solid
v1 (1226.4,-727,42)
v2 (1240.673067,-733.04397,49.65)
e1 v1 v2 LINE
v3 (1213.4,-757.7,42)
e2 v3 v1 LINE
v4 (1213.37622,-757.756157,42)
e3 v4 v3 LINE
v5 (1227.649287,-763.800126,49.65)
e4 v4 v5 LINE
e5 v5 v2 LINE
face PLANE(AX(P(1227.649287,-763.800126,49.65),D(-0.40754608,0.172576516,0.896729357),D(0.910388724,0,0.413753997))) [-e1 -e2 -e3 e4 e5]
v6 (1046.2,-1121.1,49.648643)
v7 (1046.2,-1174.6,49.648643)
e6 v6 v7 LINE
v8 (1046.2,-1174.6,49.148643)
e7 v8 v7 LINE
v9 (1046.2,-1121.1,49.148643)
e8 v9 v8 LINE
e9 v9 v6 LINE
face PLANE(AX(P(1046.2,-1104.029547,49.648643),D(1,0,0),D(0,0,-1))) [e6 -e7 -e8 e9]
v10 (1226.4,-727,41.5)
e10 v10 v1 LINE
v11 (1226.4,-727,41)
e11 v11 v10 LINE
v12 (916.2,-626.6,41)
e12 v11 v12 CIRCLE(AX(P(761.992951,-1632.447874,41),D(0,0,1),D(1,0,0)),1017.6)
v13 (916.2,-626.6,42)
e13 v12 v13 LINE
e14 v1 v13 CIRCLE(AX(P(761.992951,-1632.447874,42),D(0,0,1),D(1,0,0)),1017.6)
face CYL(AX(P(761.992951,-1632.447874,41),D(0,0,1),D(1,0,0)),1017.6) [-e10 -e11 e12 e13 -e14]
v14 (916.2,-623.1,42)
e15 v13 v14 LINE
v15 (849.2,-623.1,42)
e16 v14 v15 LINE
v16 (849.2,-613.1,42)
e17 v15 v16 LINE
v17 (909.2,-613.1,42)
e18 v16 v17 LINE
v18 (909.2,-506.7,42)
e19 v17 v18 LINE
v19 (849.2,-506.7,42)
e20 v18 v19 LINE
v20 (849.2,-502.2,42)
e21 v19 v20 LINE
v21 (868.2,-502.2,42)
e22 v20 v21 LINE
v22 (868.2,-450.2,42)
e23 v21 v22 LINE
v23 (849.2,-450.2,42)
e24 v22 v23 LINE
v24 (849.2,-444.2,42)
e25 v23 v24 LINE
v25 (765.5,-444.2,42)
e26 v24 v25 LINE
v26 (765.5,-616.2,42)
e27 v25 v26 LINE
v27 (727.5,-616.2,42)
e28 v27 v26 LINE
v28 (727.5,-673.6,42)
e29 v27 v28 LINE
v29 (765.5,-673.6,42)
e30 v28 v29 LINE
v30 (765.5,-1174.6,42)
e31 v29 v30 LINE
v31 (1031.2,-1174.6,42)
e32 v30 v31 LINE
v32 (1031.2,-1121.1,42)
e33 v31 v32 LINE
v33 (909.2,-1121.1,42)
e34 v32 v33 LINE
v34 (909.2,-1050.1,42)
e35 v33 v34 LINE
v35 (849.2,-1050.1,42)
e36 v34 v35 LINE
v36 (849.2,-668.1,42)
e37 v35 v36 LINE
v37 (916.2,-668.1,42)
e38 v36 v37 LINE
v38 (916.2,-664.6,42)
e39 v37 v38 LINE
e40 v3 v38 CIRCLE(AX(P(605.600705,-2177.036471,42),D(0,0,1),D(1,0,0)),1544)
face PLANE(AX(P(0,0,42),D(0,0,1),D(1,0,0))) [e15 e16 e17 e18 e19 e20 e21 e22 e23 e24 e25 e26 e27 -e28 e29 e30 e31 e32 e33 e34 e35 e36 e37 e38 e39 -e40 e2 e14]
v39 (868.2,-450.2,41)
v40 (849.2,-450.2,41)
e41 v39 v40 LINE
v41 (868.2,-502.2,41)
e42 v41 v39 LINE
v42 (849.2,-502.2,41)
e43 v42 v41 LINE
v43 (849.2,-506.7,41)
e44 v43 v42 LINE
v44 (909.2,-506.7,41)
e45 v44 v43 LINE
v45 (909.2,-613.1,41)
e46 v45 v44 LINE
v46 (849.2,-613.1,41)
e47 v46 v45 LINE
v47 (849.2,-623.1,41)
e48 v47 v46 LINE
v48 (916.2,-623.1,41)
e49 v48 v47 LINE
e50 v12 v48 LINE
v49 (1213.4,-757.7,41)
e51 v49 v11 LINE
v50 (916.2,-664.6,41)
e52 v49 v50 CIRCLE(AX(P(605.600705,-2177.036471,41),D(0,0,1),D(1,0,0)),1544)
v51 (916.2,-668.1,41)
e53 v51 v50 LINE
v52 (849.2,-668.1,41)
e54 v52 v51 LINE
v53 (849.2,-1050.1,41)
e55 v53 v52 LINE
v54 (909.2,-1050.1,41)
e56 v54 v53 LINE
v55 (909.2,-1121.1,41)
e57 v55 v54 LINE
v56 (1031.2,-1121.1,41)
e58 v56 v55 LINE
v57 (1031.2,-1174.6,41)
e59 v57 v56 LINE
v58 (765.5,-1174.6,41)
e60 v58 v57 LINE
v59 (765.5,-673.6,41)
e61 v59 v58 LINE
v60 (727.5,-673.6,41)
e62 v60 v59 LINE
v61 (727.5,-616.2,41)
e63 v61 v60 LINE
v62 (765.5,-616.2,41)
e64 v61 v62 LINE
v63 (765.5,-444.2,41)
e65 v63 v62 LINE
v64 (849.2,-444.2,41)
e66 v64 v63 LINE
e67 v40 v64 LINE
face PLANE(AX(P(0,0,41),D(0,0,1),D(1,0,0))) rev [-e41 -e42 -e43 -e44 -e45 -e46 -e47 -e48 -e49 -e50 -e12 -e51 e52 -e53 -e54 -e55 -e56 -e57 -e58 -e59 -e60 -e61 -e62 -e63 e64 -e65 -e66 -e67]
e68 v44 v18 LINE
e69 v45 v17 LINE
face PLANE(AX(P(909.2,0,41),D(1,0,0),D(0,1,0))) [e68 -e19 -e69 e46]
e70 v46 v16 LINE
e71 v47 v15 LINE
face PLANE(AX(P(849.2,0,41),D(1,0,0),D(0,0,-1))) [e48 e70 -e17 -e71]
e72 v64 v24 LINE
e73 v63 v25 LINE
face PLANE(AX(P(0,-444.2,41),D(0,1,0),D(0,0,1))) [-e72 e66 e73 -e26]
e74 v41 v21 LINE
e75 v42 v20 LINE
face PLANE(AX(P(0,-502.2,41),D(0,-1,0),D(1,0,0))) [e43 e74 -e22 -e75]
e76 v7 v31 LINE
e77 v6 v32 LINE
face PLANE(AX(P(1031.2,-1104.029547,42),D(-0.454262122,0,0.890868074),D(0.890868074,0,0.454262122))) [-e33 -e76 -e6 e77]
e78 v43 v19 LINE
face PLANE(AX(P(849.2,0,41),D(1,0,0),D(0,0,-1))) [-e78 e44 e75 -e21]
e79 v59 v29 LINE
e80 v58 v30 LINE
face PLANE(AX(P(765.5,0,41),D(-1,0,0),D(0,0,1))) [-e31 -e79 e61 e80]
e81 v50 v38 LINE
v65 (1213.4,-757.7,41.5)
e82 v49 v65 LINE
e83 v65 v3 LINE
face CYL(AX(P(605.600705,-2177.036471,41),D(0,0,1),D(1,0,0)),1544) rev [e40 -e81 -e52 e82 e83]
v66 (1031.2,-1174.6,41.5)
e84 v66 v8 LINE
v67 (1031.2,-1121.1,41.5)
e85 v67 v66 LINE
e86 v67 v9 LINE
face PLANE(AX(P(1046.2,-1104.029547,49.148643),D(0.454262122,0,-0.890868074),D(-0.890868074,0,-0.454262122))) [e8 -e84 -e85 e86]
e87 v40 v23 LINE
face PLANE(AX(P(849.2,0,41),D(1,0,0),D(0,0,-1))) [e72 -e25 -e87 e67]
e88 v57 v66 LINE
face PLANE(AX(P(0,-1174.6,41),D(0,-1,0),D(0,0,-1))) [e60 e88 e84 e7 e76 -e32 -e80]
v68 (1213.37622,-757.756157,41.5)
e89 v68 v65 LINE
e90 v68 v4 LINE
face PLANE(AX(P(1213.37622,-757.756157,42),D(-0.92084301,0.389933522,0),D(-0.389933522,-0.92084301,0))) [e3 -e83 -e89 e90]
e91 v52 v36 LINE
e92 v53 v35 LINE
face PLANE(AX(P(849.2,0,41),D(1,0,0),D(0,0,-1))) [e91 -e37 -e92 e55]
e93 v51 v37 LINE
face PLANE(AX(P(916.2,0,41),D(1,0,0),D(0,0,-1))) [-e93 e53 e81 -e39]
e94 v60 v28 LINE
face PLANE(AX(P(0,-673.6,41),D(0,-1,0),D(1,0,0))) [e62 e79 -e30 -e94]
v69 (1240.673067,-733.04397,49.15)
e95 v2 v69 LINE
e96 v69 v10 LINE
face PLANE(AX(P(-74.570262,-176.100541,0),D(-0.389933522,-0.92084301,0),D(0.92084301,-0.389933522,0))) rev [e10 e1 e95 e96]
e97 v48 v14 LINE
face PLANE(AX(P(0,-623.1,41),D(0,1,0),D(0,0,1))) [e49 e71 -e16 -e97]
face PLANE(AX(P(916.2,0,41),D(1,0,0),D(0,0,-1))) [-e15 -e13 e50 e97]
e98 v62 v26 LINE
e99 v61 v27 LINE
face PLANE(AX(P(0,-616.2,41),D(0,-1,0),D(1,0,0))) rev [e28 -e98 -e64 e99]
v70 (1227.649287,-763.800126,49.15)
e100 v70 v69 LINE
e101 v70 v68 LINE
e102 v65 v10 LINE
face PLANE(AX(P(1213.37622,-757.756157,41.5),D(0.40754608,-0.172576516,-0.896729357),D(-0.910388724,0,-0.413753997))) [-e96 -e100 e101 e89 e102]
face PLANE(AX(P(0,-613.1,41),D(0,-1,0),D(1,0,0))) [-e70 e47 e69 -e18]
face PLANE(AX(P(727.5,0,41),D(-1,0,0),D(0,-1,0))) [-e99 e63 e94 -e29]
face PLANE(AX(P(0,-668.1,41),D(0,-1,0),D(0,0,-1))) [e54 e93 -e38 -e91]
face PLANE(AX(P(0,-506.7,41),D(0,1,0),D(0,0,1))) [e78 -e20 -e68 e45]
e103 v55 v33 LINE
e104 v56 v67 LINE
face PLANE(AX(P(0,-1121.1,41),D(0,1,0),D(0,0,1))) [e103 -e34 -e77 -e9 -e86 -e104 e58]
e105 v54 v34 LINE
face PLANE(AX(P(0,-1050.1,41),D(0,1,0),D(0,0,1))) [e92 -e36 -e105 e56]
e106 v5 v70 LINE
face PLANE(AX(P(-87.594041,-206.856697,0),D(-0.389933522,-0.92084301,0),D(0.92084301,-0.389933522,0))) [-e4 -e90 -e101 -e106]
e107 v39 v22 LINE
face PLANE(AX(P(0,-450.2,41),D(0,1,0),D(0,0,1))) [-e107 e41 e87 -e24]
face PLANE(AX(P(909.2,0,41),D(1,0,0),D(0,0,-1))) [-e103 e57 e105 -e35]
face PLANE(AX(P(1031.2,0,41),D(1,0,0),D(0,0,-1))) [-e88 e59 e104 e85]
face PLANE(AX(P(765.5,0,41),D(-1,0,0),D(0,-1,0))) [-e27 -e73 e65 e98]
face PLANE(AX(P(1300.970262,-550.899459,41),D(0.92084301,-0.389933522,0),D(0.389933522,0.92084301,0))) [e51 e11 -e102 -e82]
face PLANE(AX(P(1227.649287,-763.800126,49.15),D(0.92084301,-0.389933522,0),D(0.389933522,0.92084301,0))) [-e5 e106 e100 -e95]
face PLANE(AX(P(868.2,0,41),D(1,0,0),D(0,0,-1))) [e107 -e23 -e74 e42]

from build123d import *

# Parameters (mm, degrees)
SKETCH_1_W      = 19
SKETCH_1_H      = 52
SKETCH_1_W_2    = 60
SKETCH_1_H_2    = 29.5
SKETCH_1_H_3    = 41.5
SKETCH_1_H_4    = 49.5
SKETCH_1_H_5    = 60
SKETCH_1_H_6    = 106.4
SKETCH_1_H_7    = 111
SKETCH_1_H_8    = 112
SKETCH_1_H_9    = 113
SKETCH_1_H_10   = 116.5
EXTRUDE_1_DEPTH = 1
EXTRUDE_2_DEPTH = 53.5
EXTRUDE_3_DEPTH = 33.4


with BuildPart() as part:
    # 草图1 → 拉伸1 (new body)
    with BuildSketch(Plane.XY.offset(42)):
        with Locations((858.7, -476.2)):
            Rectangle(SKETCH_1_W, SKETCH_1_H)
        with Locations((879.2, -1106.35)):
            Rectangle(SKETCH_1_W_2, SKETCH_1_H_2)
        with Locations((879.2, -1070.85)):
            Rectangle(SKETCH_1_W_2, SKETCH_1_H_3)
        with Locations((795.5, -1149.85)):
            Rectangle(SKETCH_1_W_2, SKETCH_1_H_4)
        with Locations((795.5, -474.2)):
            Rectangle(SKETCH_1_W_2, SKETCH_1_H_5)
        with Locations((879.2, -559.9)):
            Rectangle(SKETCH_1_W_2, SKETCH_1_H_6)
        with Locations((795.5, -953.1)):
            Rectangle(SKETCH_1_W_2, SKETCH_1_H_7)
        with Locations((795.5, -842.1)):
            Rectangle(SKETCH_1_W_2, SKETCH_1_H_7)
        with Locations((795.5, -560.2)):
            Rectangle(SKETCH_1_W_2, SKETCH_1_H_8)
        with Locations((795.5, -730.1)):
            Rectangle(SKETCH_1_W_2, SKETCH_1_H_9)
        with Locations((795.5, -1066.85)):
            Rectangle(SKETCH_1_W_2, SKETCH_1_H_10)
        Polygon((1031.2, -1174.6), (1031.2, -1121.1), (909.2, -1121.1), (849.2, -1121.1), (849.2, -1174.6), align=None)
        with BuildLine():
            Line((1213.4, -757.7), (1226.4, -727))
            ThreePointArc((1226.4, -727), (1075.34720829, -664.295577574), (916.2, -626.6))
            Line((916.2, -626.6), (916.2, -623.1))
            Line((916.2, -623.1), (849.2, -623.1))
            Line((849.2, -623.1), (849.2, -668.1))
            Line((849.2, -668.1), (916.2, -668.1))
            Line((916.2, -668.1), (916.2, -664.6))
            ThreePointArc((916.2, -664.6), (1067.153405165, -703.637303814), (1213.4, -757.7))
        make_face()
        Polygon((849.2, -450.2), (849.2, -444.2), (825.5, -444.2), (825.5, -504.2), (825.5, -616.2), (765.5, -616.2), (727.5, -616.2), (727.5, -673.6), (765.5, -673.6), (825.5, -673.6), (825.5, -786.6), (825.5, -897.6), (825.5, -1008.6), (825.5, -1125.1), (825.5, -1174.6), (849.2, -1174.6), (849.2, -1121.1), (849.2, -1091.6), (849.2, -1050.1), (849.2, -681.1), (849.2, -668.1), (849.2, -623.1), (849.2, -613.1), (849.2, -506.7), (849.2, -502.2), align=None)
    extrude(amount=-EXTRUDE_1_DEPTH)

    # 草图2 → 拉伸2 (add)
    with BuildSketch(Plane.XZ.offset(1174.6)):
        Polygon((1031.2, 42), (1046.2, 49.648642972), (1046.2, 49.148642972), (1031.2, 41.5), align=None)
    extrude(amount=-EXTRUDE_2_DEPTH)

    # 草图3 → 拉伸3 (add)
    with BuildSketch(Plane(origin=(1226.4, -727, 42), x_dir=(-0.9208430096491422, 0.38993352200126363, 0), z_dir=(0.38993352200126363, 0.9208430096491422, 0))):
        Polygon((0, -0.5), (-15.5, 7.15), (-15.5, 7.65), (0, 0), align=None)
    extrude(amount=-EXTRUDE_3_DEPTH)


solid = part.part
